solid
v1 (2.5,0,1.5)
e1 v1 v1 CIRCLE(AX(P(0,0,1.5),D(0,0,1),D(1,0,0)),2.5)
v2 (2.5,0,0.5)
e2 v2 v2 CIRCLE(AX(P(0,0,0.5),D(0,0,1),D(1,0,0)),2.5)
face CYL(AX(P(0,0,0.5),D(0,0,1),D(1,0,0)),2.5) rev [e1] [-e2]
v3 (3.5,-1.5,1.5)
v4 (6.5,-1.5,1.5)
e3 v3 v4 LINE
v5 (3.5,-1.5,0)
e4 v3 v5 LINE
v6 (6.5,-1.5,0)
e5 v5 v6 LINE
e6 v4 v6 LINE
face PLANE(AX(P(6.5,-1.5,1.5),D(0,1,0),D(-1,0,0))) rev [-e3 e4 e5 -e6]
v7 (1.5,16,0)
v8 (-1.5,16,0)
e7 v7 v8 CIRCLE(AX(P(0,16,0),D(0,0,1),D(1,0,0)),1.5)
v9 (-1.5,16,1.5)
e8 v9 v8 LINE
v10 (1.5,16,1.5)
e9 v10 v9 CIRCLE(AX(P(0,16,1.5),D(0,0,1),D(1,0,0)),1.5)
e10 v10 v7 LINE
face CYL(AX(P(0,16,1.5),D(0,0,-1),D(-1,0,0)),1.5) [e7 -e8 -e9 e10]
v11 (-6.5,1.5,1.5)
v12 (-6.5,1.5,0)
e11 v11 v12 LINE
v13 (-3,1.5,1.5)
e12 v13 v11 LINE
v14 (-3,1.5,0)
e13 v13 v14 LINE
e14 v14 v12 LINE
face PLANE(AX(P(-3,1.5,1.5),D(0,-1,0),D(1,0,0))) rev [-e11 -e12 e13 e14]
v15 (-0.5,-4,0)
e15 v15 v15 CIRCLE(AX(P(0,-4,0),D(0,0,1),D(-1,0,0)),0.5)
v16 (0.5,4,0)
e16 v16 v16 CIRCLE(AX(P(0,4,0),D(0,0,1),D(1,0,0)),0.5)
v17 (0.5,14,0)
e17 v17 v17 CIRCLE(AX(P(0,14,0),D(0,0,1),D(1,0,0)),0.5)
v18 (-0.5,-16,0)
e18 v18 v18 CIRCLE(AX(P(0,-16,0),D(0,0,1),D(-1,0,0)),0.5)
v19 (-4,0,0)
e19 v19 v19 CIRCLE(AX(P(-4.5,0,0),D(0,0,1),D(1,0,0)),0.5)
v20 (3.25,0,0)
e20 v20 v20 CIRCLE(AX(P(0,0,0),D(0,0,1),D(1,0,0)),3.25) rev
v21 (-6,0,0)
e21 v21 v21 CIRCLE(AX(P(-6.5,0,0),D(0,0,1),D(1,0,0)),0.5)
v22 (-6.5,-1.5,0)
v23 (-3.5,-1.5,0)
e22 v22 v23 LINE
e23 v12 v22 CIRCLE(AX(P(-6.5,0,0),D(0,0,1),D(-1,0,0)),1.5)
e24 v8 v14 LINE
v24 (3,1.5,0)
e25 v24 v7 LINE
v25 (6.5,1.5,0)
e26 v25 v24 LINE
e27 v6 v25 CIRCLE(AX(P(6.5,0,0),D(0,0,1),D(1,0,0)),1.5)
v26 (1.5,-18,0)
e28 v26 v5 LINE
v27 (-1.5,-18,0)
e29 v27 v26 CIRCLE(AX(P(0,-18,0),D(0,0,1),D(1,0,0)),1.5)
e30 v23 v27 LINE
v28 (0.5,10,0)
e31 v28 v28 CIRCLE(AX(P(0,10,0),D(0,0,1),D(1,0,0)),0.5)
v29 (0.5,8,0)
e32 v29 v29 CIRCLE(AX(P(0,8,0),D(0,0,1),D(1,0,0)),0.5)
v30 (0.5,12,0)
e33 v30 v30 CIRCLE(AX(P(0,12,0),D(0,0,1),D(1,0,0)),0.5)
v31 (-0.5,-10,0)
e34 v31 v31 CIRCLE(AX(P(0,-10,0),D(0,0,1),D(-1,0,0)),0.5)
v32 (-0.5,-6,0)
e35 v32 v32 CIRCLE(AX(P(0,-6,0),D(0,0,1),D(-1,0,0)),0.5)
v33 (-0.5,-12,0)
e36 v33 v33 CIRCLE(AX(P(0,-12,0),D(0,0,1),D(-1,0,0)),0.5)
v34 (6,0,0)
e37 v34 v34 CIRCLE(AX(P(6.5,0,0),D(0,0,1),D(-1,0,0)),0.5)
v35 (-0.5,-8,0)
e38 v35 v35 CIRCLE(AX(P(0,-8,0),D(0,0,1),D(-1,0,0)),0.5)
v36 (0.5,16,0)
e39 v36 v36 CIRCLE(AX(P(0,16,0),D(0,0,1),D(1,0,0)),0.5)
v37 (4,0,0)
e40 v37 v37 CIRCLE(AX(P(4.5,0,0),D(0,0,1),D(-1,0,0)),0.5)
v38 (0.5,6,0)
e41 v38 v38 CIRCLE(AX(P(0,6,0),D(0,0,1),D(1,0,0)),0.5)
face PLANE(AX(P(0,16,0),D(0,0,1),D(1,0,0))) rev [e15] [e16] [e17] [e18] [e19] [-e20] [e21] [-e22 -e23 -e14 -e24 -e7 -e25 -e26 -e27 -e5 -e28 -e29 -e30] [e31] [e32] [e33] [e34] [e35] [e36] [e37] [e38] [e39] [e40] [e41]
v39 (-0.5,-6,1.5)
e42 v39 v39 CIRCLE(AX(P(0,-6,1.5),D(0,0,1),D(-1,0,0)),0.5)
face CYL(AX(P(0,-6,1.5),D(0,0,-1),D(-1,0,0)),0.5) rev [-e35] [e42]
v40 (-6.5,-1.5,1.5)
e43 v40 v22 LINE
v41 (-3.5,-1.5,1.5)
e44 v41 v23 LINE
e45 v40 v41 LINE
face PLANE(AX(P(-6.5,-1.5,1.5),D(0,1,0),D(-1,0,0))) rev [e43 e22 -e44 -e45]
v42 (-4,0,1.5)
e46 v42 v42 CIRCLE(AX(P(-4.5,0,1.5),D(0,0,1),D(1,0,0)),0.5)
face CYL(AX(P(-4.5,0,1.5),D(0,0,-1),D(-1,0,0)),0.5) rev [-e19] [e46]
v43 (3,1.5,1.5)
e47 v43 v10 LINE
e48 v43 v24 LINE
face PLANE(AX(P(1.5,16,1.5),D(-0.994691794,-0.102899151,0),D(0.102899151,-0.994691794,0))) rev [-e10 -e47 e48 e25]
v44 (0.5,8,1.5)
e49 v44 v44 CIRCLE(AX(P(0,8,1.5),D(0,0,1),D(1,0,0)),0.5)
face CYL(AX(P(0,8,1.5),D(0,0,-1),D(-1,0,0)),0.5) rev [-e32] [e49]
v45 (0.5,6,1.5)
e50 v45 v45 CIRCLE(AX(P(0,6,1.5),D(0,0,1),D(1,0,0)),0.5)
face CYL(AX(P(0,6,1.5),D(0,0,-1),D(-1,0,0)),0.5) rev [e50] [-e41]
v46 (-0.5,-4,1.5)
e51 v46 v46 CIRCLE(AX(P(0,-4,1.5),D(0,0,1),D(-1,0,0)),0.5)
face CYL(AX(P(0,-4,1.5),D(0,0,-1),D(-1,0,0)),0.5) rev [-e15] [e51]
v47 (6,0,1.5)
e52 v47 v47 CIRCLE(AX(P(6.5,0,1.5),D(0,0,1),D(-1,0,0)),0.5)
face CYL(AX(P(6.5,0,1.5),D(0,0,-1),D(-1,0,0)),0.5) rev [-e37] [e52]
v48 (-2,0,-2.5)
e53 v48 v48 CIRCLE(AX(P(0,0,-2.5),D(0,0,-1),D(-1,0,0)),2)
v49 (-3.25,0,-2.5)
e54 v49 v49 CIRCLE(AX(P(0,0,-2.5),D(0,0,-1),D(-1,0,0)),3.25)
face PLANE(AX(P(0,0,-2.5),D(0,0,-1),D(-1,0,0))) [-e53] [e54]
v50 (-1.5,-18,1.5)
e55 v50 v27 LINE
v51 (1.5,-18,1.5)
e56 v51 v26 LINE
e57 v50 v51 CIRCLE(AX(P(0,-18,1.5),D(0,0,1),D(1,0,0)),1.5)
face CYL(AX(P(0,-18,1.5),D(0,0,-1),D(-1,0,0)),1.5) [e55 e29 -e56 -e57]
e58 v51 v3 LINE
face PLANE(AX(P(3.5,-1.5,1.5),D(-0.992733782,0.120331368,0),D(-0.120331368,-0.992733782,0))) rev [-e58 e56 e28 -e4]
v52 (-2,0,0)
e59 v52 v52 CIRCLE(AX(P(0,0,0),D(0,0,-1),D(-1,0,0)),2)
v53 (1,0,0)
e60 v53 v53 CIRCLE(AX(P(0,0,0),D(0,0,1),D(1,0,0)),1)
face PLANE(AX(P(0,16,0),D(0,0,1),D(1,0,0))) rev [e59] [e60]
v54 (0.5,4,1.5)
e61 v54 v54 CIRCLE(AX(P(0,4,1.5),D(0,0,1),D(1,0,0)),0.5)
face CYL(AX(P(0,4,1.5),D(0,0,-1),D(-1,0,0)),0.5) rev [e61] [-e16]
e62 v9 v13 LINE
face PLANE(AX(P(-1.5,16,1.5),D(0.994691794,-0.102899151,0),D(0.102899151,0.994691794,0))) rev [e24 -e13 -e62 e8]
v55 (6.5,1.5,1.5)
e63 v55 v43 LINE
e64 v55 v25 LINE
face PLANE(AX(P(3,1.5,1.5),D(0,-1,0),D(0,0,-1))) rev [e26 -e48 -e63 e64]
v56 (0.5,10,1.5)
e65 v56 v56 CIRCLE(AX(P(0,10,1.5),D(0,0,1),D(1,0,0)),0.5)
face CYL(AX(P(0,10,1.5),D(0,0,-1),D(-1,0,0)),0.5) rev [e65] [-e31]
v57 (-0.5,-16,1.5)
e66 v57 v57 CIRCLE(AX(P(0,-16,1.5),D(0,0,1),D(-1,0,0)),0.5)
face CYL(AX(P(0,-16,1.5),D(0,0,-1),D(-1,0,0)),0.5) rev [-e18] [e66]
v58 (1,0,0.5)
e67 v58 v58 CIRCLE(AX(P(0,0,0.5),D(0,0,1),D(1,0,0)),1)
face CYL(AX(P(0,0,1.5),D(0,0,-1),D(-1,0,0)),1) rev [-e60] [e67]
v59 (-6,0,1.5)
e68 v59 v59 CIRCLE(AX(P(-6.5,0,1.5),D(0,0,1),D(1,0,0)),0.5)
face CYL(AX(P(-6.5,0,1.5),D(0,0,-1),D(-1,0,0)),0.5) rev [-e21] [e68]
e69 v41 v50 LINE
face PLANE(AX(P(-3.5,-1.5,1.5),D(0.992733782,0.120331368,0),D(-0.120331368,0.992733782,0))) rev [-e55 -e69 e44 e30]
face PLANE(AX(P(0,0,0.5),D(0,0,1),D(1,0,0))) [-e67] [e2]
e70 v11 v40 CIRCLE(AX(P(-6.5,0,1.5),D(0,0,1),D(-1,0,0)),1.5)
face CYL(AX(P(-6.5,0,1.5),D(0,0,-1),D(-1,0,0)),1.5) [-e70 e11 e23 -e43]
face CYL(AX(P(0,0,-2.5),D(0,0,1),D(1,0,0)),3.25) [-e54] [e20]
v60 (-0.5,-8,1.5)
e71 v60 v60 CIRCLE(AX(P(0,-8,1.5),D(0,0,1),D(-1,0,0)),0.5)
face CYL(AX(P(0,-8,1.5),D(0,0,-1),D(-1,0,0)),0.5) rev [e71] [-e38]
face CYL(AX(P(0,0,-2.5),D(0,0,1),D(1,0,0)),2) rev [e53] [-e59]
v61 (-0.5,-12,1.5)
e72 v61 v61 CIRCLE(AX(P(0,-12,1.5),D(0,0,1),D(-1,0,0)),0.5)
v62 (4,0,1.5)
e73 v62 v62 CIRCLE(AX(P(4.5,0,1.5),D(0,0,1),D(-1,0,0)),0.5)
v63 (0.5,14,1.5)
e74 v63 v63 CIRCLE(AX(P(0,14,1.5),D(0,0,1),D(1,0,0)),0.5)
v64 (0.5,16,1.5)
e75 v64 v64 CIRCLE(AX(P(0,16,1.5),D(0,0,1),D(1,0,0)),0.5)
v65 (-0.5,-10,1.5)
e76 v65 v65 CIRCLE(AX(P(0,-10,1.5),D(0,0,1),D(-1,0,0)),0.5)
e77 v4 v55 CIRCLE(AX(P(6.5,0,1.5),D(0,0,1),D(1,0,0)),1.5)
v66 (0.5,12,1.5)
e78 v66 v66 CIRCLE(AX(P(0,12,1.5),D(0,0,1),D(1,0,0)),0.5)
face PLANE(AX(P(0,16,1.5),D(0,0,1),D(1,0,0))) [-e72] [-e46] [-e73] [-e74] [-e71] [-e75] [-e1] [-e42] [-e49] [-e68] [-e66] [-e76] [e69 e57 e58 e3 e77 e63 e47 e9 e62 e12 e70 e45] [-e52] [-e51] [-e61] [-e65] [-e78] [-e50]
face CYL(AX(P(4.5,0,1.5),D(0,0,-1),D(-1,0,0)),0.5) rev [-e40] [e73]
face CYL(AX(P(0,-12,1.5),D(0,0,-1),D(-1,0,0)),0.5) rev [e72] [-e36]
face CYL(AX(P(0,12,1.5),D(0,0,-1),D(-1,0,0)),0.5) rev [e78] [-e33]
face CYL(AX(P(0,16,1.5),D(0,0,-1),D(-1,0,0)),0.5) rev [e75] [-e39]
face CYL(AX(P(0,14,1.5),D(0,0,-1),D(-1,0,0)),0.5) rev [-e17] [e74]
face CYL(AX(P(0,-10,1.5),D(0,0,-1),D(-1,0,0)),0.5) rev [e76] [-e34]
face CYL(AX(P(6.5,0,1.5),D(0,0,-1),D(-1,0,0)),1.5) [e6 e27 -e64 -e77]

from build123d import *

# Parameters (mm, degrees)
SKETCH_1_R          = 0.5
SKETCH_1_R_2        = 1
EXTRUDE_1_DEPTH     = 1.5
SKETCH_2_R          = 3.25
SKETCH_2_R_2        = 2
EXTRUDE_2_DEPTH     = 2.5
SKETCH_3_R          = 2.5
CUT_EXTRUDE_1_DEPTH = 1


with BuildPart() as part:
    # 草图1 → 凸台-拉伸1 (new body)
    with BuildSketch(Plane.XY):
        with BuildLine():
            Line((1.5, 16), (3, 1.5))
            Line((3, 1.5), (6.5, 1.5))
            ThreePointArc((6.5, 1.5), (8, 0), (6.5, -1.5))
            Line((6.5, -1.5), (3.5, -1.5))
            Line((3.5, -1.5), (1.5, -18))
            ThreePointArc((1.5, -18), (0, -19.5), (-1.5, -18))
            Line((-1.5, -18), (-3.5, -1.5))
            Line((-3.5, -1.5), (-6.5, -1.5))
            ThreePointArc((-6.5, -1.5), (-8, 0), (-6.5, 1.5))
            Line((-6.5, 1.5), (-3, 1.5))
            Line((-3, 1.5), (-1.5, 16))
            ThreePointArc((-1.5, 16), (0, 17.5), (1.5, 16))
        make_face()
        with Locations((-6.5, 0)):
            Circle(SKETCH_1_R, mode=Mode.SUBTRACT)
        Circle(SKETCH_1_R_2, mode=Mode.SUBTRACT)
        with Locations((-4.5, 0)):
            Circle(SKETCH_1_R, mode=Mode.SUBTRACT)
        with Locations(Location((4.5, 0, 0), (0, 0, 180))):
            Circle(SKETCH_1_R, mode=Mode.SUBTRACT)
        with Locations(Location((6.5, 0, 0), (0, 0, 180))):
            Circle(SKETCH_1_R, mode=Mode.SUBTRACT)
        with Locations((0, 16)):
            Circle(SKETCH_1_R, mode=Mode.SUBTRACT)
        with Locations((0, 14)):
            Circle(SKETCH_1_R, mode=Mode.SUBTRACT)
        with Locations((0, 12)):
            Circle(SKETCH_1_R, mode=Mode.SUBTRACT)
        with Locations((0, 10)):
            Circle(SKETCH_1_R, mode=Mode.SUBTRACT)
        with Locations((0, 8)):
            Circle(SKETCH_1_R, mode=Mode.SUBTRACT)
        with Locations((0, 6)):
            Circle(SKETCH_1_R, mode=Mode.SUBTRACT)
        with Locations((0, 4)):
            Circle(SKETCH_1_R, mode=Mode.SUBTRACT)
        with Locations(Location((0, -16, 0), (0, 0, 180))):
            Circle(SKETCH_1_R, mode=Mode.SUBTRACT)
        with Locations(Location((0, -4, 0), (0, 0, 180))):
            Circle(SKETCH_1_R, mode=Mode.SUBTRACT)
        with Locations(Location((0, -6, 0), (0, 0, 180))):
            Circle(SKETCH_1_R, mode=Mode.SUBTRACT)
        with Locations(Location((0, -8, 0), (0, 0, 180))):
            Circle(SKETCH_1_R, mode=Mode.SUBTRACT)
        with Locations(Location((0, -10, 0), (0, 0, 180))):
            Circle(SKETCH_1_R, mode=Mode.SUBTRACT)
        with Locations(Location((0, -12, 0), (0, 0, 180))):
            Circle(SKETCH_1_R, mode=Mode.SUBTRACT)
    extrude(amount=EXTRUDE_1_DEPTH)

    # 草图2 → 凸台-拉伸2 (add)
    with BuildSketch(Plane(origin=(0, 0, 0), x_dir=(-1, 0, 0), z_dir=(0, 0, -1))):
        with Locations(Location((0, 0, 0), (0, 0, 180))):
            Circle(SKETCH_2_R)
        Circle(SKETCH_2_R_2, mode=Mode.SUBTRACT)
    extrude(amount=EXTRUDE_2_DEPTH)

    # 草图3 → 切除-拉伸1 (cut)
    with BuildSketch(Plane.XY.offset(1.5)):
        Circle(SKETCH_3_R)
    extrude(amount=-CUT_EXTRUDE_1_DEPTH, mode=Mode.SUBTRACT)


solid = part.part
